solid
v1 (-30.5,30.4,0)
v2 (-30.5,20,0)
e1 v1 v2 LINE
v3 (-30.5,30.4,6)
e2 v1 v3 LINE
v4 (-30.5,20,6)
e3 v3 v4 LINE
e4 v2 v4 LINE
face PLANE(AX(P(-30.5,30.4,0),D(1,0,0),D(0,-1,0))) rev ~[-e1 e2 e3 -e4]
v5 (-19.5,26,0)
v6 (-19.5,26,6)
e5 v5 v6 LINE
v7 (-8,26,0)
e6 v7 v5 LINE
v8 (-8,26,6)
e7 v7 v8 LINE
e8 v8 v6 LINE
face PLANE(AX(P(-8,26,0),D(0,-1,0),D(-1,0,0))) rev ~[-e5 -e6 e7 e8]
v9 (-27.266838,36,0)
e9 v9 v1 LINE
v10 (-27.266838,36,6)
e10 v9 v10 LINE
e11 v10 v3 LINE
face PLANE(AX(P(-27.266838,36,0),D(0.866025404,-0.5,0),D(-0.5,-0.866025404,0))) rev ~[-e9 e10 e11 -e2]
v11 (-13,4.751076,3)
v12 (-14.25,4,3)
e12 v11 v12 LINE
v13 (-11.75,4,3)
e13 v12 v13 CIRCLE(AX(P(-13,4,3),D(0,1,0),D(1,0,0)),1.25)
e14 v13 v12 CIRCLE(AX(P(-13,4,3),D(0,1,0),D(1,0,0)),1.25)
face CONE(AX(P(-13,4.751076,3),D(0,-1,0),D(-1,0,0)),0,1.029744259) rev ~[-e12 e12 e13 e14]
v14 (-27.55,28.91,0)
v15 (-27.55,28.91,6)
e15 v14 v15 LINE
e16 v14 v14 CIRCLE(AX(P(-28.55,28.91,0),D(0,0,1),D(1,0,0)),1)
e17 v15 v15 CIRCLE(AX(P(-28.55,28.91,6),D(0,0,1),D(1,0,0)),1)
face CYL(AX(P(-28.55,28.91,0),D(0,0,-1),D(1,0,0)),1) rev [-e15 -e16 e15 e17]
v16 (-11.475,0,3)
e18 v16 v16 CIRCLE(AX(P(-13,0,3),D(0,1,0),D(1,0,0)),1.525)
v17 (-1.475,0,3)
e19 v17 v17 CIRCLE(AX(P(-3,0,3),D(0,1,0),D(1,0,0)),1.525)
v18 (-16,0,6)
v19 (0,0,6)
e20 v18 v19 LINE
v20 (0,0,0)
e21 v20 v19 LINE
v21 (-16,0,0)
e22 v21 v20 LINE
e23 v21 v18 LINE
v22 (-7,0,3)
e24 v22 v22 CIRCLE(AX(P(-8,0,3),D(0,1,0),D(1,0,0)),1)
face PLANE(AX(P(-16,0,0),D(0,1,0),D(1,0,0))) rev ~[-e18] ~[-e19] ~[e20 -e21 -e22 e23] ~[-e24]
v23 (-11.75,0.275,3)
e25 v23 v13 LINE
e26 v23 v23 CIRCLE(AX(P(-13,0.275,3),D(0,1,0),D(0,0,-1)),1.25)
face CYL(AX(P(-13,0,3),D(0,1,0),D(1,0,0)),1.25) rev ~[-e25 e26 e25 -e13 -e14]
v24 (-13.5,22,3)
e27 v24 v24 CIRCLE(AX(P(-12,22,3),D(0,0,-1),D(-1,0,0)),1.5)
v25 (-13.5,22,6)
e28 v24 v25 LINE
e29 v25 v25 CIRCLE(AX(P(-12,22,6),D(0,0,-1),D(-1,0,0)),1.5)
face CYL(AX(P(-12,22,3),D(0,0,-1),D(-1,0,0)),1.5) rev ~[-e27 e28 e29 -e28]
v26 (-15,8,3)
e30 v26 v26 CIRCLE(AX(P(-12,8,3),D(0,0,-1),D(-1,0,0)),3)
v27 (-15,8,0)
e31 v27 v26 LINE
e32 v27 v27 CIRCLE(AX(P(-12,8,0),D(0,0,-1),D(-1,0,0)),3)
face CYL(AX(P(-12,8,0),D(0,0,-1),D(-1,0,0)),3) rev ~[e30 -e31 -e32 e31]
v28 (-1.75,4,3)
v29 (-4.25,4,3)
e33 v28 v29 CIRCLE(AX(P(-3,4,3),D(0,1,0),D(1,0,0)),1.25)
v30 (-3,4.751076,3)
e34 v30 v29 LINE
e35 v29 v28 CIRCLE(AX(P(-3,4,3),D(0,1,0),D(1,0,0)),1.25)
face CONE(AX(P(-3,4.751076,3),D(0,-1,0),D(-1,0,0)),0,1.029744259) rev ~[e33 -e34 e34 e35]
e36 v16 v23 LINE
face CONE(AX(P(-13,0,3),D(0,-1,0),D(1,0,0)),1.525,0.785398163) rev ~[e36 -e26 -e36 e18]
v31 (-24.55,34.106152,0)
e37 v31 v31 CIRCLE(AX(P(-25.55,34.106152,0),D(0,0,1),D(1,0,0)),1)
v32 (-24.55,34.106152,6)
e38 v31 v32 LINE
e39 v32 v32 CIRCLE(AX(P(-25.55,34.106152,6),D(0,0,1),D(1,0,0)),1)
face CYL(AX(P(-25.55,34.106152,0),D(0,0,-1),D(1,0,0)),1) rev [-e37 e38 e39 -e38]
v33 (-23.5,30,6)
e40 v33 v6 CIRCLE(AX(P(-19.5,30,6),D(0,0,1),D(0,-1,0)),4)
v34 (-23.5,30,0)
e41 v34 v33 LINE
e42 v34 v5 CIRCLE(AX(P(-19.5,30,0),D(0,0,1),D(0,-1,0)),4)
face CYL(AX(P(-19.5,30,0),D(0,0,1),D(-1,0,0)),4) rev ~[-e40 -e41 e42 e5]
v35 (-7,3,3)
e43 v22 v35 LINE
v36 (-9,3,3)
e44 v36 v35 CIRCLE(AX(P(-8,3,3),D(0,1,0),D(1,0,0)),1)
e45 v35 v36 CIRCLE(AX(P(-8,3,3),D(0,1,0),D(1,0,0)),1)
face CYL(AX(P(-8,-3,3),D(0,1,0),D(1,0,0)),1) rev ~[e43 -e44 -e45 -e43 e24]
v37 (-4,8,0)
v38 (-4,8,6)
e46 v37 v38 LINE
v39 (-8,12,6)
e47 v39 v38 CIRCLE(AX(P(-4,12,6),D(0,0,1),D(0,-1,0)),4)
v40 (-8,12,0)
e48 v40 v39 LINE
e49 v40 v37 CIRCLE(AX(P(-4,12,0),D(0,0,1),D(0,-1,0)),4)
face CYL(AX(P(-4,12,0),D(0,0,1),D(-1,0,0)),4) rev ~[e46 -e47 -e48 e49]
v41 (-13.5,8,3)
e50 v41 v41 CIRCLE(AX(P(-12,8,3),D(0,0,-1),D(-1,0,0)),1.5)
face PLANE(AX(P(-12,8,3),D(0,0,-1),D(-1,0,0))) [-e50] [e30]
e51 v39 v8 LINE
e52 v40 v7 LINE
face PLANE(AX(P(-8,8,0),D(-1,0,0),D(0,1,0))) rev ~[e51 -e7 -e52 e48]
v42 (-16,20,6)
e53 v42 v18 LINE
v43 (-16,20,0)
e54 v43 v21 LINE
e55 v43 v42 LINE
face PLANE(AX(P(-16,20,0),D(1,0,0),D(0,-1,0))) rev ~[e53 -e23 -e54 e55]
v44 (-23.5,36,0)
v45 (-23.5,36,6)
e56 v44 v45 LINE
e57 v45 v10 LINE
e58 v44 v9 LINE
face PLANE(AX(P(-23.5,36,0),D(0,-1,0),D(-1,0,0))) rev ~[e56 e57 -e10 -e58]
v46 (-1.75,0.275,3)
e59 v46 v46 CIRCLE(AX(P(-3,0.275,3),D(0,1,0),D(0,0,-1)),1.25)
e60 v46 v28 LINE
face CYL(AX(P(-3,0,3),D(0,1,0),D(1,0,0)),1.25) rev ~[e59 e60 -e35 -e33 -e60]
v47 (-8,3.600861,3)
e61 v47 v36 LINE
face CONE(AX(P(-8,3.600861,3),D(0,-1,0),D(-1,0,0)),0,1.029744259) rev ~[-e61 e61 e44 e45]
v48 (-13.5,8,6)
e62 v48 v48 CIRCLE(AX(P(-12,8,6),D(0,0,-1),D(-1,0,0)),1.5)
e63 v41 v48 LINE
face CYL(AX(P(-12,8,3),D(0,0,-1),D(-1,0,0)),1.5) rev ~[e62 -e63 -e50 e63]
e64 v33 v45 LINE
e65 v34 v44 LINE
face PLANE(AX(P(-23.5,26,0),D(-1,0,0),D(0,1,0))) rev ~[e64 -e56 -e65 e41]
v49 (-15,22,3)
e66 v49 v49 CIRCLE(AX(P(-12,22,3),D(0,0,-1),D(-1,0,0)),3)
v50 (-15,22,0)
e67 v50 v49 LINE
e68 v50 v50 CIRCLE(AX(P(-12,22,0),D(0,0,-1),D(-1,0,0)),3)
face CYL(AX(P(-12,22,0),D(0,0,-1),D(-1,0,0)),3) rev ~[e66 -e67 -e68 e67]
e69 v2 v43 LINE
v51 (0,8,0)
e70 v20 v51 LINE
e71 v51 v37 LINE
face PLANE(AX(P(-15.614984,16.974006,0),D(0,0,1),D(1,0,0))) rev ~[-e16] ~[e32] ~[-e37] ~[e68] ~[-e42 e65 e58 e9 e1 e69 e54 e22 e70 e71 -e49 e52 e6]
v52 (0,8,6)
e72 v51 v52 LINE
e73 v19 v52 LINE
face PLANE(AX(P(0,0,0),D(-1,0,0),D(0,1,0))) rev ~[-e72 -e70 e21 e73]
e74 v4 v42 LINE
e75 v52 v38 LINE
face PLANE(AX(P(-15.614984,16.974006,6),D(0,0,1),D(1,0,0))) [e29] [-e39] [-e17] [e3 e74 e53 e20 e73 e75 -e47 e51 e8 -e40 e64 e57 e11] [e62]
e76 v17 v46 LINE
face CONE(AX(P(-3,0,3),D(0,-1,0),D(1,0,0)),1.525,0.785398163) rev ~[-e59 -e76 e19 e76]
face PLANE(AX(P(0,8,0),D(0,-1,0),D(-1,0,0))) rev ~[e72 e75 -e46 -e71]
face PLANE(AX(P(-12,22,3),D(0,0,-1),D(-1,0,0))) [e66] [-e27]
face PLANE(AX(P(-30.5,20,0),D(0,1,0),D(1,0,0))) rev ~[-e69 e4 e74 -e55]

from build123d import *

# Parameters (mm, degrees)
SKETCH1_R                       = 1
BOSS_EXTRUDE1_DEPTH             = 6
FILLET1_R                       = 4
FILLET2_R                       = 4
M3X0_5_TAPPED_HOLE1_D           = 2.5
M3X0_5_TAPPED_HOLE1_DEPTH       = 4
M3X0_5_TAPPED_HOLE1_CSINK_D     = 3.05
M3X0_5_TAPPED_HOLE1_CSINK_ANGLE = 90
M3X0_5_TAPPED_HOLE1_TIP         = 0.751075774
F_2_0_2_DIAMETER_HOLE1_D        = 2
F_2_0_2_DIAMETER_HOLE1_DEPTH    = 3
F_2_0_2_DIAMETER_HOLE1_TIP      = 0.600860619
SKETCH8_R                       = 3
CUT_EXTRUDE1_DEPTH              = 3
SKETCH9_R                       = 1.5
CUT_EXTRUDE2_DEPTH              = 4


with BuildPart() as part:
    # Sketch1 → Boss-Extrude1 (new body)
    with BuildSketch(Plane.XY):
        Polygon((-27.266838493, 36), (-30.5, 30.4), (-30.5, 26), (-30.5, 20), (-16, 20), (-16, 8), (-16, 0), (0, 0), (0, 8), (-8, 8), (-8, 26), (-16, 26), (-23.5, 26), (-23.5, 36), align=None)
        with Locations((-28.55, 28.91)):
            Circle(SKETCH1_R, mode=Mode.SUBTRACT)
        with Locations((-25.55, 34.106152423)):
            Circle(SKETCH1_R, mode=Mode.SUBTRACT)
    extrude(amount=BOSS_EXTRUDE1_DEPTH)

    # Fillet1
    fillet1_edges = [part.edges().sort_by_distance(p)[0] for p in [
        (-23.5, 26, 3),
    ]]
    fillet(fillet1_edges, radius=FILLET1_R)

    # Fillet2
    fillet2_edges = [part.edges().sort_by_distance(p)[0] for p in [
        (-8, 8, 3),
    ]]
    fillet(fillet2_edges, radius=FILLET2_R)

    # M3x0.5 Tapped Hole1
    with Locations(Plane(origin=(0, 0, 0), x_dir=(-1, 0, 0), z_dir=(0, -1, 0))):
        with Locations((13, -3), (3, -3)):
            CounterSinkHole(M3X0_5_TAPPED_HOLE1_D / 2, M3X0_5_TAPPED_HOLE1_CSINK_D / 2, depth=M3X0_5_TAPPED_HOLE1_DEPTH, counter_sink_angle=M3X0_5_TAPPED_HOLE1_CSINK_ANGLE)
            with Locations((0, 0, -(M3X0_5_TAPPED_HOLE1_DEPTH + M3X0_5_TAPPED_HOLE1_TIP / 2))):  # 118° drill point
                Cone(0, M3X0_5_TAPPED_HOLE1_D / 2, M3X0_5_TAPPED_HOLE1_TIP, mode=Mode.SUBTRACT)

    # Ø2.0 (2) Diameter Hole1
    with Locations(Plane(origin=(0, 0, 0), x_dir=(-1, 0, 0), z_dir=(0, -1, 0))):
        with Locations((8, -3)):
            Hole(F_2_0_2_DIAMETER_HOLE1_D / 2, depth=F_2_0_2_DIAMETER_HOLE1_DEPTH)
            with Locations((0, 0, -(F_2_0_2_DIAMETER_HOLE1_DEPTH + F_2_0_2_DIAMETER_HOLE1_TIP / 2))):  # 118° drill point
                Cone(0, F_2_0_2_DIAMETER_HOLE1_D / 2, F_2_0_2_DIAMETER_HOLE1_TIP, mode=Mode.SUBTRACT)

    # Sketch8 → Cut-Extrude1 (cut)
    with BuildSketch(Plane(origin=(0, 0, 0), x_dir=(-1, 0, 0), z_dir=(0, 0, -1))):
        with Locations((12, 22)):
            Circle(SKETCH8_R)
        with Locations((12, 8)):
            Circle(SKETCH8_R)
    extrude(amount=-CUT_EXTRUDE1_DEPTH, mode=Mode.SUBTRACT)

    # Sketch9 → Cut-Extrude2 (cut, through all)
    with BuildSketch(Plane(origin=(0, 0, 3), x_dir=(-1, 0, 0), z_dir=(0, 0, -1))):
        with Locations((12, 22)):
            Circle(SKETCH9_R)
        with Locations((12, 8)):
            Circle(SKETCH9_R)
    extrude(amount=-CUT_EXTRUDE2_DEPTH, mode=Mode.SUBTRACT)


solid = part.part
